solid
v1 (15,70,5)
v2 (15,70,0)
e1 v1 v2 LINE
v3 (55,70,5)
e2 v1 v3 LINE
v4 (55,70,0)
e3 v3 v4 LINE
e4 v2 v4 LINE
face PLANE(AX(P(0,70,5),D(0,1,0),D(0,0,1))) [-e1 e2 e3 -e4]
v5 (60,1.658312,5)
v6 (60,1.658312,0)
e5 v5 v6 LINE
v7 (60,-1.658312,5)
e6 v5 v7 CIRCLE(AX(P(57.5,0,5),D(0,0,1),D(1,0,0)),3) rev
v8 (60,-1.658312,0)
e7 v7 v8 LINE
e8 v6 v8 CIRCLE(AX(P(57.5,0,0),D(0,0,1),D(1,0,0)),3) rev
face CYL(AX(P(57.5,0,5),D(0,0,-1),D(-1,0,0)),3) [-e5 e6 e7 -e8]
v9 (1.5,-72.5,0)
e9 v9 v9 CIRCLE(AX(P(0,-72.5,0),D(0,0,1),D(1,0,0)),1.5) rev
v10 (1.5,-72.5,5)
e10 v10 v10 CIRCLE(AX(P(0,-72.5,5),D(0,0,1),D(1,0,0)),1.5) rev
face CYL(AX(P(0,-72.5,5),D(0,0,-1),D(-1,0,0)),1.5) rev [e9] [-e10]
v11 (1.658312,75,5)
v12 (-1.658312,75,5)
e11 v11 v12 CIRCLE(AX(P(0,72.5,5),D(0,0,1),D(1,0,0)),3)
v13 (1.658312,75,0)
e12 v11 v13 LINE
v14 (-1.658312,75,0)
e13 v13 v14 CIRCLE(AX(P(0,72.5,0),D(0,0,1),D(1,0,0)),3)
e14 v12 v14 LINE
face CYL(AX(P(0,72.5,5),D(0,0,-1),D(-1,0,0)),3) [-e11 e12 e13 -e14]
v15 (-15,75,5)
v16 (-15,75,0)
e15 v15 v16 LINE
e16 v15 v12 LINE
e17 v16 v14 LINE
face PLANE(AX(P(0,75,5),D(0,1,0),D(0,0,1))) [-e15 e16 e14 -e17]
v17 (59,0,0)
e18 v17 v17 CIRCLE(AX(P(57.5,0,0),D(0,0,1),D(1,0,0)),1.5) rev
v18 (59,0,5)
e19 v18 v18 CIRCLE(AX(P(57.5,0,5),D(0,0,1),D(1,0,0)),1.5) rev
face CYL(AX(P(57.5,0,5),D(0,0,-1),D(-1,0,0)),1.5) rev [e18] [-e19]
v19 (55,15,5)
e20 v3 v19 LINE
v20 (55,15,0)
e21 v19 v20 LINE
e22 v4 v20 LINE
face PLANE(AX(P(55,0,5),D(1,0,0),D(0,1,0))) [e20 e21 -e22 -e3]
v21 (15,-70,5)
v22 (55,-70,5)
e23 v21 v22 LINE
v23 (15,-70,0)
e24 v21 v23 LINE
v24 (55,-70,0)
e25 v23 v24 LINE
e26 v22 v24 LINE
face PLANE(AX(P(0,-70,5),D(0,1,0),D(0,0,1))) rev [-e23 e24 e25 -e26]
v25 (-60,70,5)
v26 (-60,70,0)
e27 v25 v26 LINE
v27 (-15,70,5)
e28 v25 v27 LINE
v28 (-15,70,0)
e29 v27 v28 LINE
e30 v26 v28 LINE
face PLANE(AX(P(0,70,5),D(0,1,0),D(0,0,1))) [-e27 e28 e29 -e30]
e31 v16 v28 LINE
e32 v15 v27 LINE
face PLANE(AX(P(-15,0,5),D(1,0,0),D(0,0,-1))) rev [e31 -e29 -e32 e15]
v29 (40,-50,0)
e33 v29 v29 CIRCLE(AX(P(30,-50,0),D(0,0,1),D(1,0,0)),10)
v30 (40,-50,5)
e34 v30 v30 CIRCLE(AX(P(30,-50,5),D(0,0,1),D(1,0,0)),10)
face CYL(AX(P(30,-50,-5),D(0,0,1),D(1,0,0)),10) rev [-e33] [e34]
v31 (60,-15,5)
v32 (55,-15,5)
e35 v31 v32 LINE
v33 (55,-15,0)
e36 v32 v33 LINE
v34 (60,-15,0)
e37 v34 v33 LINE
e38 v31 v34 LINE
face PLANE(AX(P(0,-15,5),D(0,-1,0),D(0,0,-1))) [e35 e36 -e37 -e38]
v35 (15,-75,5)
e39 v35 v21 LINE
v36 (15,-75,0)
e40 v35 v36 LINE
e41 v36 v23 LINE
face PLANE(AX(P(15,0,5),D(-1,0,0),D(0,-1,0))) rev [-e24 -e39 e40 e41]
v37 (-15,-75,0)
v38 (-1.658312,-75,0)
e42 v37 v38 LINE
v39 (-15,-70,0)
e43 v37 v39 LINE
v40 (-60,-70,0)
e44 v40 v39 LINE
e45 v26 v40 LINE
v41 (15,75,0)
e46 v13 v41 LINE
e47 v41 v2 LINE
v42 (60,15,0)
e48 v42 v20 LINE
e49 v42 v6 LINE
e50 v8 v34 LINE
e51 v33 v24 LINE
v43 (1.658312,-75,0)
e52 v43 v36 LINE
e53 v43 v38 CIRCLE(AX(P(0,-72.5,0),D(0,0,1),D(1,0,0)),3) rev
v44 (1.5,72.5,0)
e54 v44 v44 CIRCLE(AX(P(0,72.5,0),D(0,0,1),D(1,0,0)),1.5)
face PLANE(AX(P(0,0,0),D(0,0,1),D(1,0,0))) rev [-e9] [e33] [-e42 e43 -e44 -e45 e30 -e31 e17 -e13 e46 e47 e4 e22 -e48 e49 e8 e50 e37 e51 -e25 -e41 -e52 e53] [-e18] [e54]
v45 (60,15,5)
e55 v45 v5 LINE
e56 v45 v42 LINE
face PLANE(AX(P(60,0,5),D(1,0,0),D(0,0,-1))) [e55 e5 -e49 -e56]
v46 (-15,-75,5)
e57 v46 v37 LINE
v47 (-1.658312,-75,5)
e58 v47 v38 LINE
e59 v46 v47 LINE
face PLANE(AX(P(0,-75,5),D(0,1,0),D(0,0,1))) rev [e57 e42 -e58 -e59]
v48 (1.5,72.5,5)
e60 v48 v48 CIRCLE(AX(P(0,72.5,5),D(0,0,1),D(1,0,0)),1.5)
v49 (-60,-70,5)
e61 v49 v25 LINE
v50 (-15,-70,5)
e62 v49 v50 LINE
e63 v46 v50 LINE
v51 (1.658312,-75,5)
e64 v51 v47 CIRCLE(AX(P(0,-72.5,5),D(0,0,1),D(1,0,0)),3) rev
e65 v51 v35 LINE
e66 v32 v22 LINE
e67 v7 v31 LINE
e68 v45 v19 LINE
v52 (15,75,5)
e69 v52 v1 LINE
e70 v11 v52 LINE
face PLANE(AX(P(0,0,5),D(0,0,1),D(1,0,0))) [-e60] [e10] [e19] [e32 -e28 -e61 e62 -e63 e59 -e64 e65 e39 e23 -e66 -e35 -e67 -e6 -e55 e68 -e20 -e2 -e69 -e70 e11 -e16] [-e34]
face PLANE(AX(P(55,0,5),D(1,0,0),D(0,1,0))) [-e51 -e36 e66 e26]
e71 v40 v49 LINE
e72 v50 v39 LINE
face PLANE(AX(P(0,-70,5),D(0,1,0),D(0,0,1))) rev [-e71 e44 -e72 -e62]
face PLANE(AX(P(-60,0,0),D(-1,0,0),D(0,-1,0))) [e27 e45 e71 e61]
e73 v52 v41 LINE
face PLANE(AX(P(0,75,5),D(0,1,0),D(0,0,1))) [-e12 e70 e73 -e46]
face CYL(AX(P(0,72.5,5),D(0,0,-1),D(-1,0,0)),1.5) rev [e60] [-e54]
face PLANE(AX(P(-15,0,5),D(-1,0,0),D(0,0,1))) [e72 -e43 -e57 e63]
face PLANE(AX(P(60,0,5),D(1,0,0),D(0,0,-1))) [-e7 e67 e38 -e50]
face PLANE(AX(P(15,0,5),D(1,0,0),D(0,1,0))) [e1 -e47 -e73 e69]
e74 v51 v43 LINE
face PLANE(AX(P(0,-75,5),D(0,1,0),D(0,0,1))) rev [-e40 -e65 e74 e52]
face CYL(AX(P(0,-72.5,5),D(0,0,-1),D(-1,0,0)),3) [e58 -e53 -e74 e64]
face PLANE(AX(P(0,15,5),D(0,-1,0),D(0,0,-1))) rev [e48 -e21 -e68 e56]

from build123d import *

# Parameters (mm, degrees)
ESQUISSE1_W             = 110
ESQUISSE1_H             = 140
ESQUISSE1_R             = 1.5
BOSS_EXTRU_1_DEPTH      = 5
ESQUISSE2_W             = 5
ESQUISSE2_H             = 140
BOSS_EXTRU_2_DEPTH      = 5
ESQUISSE3_R             = 10
ENL_V_MAT_EXTRU_1_DEPTH = 10


with BuildPart() as part:
    # Esquisse1 → Boss.-Extru.1 (new body)
    # profile 1 of 5: a face of its own
    with BuildSketch(Plane.XY):
        Rectangle(ESQUISSE1_W, ESQUISSE1_H)
    # profile 2 of 5: a face of its own
    with BuildSketch(Plane.XY):
        Polygon((-15, 70), (-55, 70), (-55, 15), (-55, -15), (-55, -70), (-15, -70), (15, -70), (55, -70), (55, -15), (55, 15), (55, 70), (15, 70), align=None)
    # profile 3 of 5: a face of its own
    with BuildSketch(Plane.XY):
        with BuildLine():
            Line((15, -70), (-15, -70))
            Line((-15, -70), (-15, -75))
            Line((-15, -75), (-1.658312395, -75))
            ThreePointArc((-1.658312395, -75), (0, -75.5), (1.658312395, -75))
            Line((1.658312395, -75), (15, -75))
            Line((15, -75), (15, -70))
        make_face()
        with Locations((0, -72.5)):
            Circle(ESQUISSE1_R, mode=Mode.SUBTRACT)
    # profile 4 of 5: a face of its own
    with BuildSketch(Plane.XY):
        with BuildLine():
            Line((60, 15), (55, 15))
            Line((55, 15), (55, -15))
            Line((55, -15), (60, -15))
            Line((60, -15), (60, -1.658312395))
            ThreePointArc((60, -1.658312395), (60.5, 0), (60, 1.658312395))
            Line((60, 1.658312395), (60, 15))
        make_face()
        with Locations((57.5, 0)):
            Circle(ESQUISSE1_R, mode=Mode.SUBTRACT)
    # profile 5 of 5: a face of its own
    with BuildSketch(Plane.XY):
        with BuildLine():
            Line((-15, 75), (-15, 70))
            Line((-15, 70), (15, 70))
            Line((15, 70), (15, 75))
            Line((15, 75), (1.658312395, 75))
            ThreePointArc((1.658312395, 75), (0, 75.5), (-1.658312395, 75))
            Line((-1.658312395, 75), (-15, 75))
        make_face()
        with Locations((0, 72.5)):
            Circle(ESQUISSE1_R, mode=Mode.SUBTRACT)
    extrude(amount=BOSS_EXTRU_1_DEPTH)

    # Esquisse2 → Boss.-Extru.2 (add)
    with BuildSketch(Plane.ZY.offset(55)):
        with Locations((2.5, 0)):
            Rectangle(ESQUISSE2_W, ESQUISSE2_H)
    extrude(amount=BOSS_EXTRU_2_DEPTH)

    # Esquisse3 → Enlèv. mat.-Extru.1 (cut)
    with BuildSketch(Plane.XY.offset(5)):
        with Locations((30, -50)):
            Circle(ESQUISSE3_R)
    extrude(amount=-ENL_V_MAT_EXTRU_1_DEPTH, mode=Mode.SUBTRACT)


solid = part.part
